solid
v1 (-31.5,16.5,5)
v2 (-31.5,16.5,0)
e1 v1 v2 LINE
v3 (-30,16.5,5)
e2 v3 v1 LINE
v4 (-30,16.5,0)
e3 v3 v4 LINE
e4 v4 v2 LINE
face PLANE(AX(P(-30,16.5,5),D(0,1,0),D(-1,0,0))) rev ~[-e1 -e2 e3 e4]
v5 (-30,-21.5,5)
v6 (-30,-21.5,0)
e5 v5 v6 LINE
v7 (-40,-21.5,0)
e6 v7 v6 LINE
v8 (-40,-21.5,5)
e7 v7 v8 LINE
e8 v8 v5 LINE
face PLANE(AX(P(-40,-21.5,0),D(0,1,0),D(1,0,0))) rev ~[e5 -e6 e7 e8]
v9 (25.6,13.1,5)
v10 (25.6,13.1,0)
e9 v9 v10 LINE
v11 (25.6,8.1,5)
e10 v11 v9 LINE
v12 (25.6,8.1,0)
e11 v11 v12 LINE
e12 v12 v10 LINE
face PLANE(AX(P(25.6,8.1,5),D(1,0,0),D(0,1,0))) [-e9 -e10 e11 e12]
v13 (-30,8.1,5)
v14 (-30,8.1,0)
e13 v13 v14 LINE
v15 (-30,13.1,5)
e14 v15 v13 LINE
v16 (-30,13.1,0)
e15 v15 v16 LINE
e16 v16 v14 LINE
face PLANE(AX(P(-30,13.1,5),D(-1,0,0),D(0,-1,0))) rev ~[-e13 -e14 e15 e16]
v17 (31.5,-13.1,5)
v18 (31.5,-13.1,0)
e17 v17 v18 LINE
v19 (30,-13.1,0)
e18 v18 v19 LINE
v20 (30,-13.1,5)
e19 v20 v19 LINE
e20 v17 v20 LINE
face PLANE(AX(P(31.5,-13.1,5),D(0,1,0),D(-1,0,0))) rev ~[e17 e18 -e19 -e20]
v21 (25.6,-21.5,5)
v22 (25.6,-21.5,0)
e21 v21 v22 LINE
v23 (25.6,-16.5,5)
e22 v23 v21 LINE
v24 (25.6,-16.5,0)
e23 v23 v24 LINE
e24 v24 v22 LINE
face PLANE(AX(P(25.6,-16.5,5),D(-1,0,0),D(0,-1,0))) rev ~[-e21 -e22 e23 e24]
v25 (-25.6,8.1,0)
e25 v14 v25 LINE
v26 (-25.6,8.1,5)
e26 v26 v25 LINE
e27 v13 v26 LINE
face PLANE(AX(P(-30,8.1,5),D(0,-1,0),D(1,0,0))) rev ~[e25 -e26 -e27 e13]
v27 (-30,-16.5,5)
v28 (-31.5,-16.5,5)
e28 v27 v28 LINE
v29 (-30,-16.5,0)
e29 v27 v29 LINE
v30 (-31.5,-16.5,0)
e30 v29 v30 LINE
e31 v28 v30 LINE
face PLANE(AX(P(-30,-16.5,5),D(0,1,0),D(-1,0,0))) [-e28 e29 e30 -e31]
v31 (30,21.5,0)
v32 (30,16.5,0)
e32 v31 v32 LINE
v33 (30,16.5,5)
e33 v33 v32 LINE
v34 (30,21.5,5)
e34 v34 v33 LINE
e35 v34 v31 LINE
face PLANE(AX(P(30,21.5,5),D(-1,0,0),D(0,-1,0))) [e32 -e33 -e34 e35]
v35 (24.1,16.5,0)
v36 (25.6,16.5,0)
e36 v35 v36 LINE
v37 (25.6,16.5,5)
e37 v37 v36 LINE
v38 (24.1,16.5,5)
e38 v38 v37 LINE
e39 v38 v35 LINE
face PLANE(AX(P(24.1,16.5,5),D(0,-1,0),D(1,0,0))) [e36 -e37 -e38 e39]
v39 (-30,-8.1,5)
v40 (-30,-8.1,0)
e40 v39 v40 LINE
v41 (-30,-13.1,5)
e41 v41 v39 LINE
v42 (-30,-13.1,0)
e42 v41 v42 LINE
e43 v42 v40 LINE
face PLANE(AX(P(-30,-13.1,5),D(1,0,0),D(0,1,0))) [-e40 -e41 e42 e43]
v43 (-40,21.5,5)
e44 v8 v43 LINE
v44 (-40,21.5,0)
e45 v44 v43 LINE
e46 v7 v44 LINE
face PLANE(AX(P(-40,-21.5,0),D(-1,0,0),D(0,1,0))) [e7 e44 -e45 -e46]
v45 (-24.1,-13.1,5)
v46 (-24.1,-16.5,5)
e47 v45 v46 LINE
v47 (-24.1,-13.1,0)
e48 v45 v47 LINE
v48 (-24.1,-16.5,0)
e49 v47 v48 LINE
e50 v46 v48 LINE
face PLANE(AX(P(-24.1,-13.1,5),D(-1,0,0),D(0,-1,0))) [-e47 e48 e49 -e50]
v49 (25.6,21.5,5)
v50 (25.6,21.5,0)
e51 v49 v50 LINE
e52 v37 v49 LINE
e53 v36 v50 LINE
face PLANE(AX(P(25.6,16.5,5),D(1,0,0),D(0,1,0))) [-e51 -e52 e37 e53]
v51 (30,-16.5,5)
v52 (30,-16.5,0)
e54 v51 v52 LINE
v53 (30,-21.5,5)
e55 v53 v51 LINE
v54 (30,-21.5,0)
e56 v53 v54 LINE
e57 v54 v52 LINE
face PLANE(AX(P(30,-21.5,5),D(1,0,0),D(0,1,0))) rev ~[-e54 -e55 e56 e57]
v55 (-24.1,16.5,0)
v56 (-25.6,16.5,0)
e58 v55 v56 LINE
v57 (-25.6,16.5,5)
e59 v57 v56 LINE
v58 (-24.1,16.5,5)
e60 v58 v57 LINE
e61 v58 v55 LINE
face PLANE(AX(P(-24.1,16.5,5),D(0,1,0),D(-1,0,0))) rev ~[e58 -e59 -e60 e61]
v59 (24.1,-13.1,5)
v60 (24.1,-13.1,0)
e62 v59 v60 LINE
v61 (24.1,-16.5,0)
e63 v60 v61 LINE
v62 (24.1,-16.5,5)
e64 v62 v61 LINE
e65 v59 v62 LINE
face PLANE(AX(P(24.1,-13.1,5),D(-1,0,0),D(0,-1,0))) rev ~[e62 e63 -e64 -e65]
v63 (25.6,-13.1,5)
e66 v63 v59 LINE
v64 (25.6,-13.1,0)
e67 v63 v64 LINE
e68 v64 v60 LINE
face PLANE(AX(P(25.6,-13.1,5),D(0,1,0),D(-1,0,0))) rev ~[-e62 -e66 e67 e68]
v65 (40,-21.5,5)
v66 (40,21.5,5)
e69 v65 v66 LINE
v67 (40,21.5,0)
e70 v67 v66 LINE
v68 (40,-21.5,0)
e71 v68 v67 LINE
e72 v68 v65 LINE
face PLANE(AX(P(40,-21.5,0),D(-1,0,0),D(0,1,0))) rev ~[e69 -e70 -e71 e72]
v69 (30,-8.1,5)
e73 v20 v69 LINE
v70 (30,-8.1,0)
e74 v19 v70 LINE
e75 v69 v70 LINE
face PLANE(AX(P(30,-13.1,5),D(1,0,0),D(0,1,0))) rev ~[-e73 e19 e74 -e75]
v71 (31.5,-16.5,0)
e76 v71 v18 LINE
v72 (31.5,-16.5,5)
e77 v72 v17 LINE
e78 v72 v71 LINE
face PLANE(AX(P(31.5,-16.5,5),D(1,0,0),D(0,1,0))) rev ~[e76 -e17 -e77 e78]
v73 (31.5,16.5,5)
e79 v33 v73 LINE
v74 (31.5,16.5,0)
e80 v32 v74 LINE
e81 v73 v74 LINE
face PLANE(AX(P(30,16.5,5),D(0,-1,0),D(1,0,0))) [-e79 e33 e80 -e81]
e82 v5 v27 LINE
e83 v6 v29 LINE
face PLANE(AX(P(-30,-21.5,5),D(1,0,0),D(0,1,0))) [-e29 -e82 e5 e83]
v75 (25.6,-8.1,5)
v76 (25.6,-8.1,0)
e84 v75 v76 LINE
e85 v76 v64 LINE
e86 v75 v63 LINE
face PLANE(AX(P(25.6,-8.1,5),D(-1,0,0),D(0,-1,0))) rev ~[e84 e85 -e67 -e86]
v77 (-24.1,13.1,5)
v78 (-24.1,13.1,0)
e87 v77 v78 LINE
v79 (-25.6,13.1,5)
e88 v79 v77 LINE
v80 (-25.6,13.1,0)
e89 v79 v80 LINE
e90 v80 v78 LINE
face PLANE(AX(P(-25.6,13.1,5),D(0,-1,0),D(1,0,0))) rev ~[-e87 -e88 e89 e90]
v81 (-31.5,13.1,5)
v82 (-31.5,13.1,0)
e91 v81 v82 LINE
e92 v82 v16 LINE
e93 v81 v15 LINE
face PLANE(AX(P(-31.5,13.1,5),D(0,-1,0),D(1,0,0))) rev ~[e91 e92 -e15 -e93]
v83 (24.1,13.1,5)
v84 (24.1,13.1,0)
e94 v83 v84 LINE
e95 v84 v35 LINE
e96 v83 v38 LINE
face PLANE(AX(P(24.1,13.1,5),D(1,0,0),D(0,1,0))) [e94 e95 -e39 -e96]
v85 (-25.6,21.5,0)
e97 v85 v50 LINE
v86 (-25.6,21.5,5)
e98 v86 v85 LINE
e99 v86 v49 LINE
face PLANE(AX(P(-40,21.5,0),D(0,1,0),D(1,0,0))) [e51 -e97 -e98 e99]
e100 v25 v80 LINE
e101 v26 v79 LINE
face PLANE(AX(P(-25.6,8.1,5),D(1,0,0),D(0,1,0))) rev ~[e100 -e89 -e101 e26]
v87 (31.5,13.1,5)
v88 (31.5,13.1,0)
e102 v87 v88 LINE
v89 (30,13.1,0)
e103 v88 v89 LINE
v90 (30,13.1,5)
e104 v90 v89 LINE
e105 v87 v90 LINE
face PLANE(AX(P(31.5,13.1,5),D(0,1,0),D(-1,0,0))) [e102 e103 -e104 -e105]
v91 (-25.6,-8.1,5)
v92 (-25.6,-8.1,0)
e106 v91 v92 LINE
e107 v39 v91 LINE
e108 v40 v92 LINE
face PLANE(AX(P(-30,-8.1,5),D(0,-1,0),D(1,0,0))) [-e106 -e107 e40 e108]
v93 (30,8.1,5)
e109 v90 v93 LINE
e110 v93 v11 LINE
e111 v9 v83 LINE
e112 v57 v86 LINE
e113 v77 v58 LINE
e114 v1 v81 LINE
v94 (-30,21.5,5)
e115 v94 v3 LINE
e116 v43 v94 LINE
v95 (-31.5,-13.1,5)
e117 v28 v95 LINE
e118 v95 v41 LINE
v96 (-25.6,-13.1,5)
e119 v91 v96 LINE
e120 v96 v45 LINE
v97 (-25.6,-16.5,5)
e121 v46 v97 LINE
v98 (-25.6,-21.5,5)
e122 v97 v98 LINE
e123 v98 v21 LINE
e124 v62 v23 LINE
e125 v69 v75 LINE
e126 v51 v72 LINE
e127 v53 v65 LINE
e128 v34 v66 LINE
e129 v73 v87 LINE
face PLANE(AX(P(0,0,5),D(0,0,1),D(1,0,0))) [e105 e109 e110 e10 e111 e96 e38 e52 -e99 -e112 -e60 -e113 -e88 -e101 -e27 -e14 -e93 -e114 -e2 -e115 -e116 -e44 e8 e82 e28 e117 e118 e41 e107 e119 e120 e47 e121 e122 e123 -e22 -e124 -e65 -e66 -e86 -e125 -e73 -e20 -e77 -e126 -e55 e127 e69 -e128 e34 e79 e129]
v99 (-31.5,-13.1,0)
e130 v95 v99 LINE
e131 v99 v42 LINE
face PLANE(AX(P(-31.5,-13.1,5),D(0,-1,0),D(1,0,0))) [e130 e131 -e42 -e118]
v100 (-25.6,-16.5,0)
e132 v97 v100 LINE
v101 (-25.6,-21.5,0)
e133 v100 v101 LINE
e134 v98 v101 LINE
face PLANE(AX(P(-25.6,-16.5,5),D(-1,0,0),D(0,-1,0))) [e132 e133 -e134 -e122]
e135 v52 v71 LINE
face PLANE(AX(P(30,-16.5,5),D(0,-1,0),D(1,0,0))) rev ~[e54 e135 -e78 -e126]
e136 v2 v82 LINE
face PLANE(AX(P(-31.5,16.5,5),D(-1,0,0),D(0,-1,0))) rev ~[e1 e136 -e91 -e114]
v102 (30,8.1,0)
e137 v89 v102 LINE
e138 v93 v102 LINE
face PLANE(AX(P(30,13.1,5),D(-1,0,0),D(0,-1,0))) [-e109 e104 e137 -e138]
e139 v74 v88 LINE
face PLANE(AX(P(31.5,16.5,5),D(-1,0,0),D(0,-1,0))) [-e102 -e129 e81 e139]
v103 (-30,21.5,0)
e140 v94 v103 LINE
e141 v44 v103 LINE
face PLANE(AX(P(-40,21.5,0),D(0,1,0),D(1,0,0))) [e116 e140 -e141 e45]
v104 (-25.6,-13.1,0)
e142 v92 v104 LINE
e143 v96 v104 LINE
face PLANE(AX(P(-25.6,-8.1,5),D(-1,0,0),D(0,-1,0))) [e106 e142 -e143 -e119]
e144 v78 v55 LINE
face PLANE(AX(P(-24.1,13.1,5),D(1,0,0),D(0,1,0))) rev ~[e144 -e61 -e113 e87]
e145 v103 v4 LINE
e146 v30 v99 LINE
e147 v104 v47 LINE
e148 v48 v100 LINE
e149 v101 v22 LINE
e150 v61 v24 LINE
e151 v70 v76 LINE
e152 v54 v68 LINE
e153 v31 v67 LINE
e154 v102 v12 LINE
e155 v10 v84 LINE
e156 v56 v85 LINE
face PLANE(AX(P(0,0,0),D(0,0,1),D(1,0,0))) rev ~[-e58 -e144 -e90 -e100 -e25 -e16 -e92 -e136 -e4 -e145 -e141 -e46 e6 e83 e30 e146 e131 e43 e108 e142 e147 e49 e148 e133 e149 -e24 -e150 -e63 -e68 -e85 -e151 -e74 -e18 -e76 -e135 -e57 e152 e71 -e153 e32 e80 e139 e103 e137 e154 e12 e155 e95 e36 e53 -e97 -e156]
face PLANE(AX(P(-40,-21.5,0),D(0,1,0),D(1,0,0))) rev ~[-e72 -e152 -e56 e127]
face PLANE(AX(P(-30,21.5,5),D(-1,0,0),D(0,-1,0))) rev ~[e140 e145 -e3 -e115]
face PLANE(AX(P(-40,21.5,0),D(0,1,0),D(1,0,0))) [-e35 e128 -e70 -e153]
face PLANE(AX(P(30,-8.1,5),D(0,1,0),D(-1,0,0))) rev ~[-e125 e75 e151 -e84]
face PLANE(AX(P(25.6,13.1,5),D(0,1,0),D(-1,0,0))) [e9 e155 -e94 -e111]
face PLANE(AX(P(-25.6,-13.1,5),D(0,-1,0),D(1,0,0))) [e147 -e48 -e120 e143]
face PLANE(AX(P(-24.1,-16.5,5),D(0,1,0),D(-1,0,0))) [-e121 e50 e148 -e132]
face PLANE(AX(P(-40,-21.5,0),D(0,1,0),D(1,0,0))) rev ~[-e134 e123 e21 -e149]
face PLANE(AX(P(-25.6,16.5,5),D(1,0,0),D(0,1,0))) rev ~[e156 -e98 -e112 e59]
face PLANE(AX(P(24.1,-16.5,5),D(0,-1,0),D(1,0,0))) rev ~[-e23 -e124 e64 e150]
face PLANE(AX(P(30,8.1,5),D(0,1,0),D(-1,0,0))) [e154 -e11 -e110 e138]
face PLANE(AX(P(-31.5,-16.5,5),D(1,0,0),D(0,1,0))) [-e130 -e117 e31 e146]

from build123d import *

# Parameters (mm, degrees)
SKETCH1_W           = 80
SKETCH1_H           = 43
BOSS_EXTRUDE1_DEPTH = 5
CUT_EXTRUDE1_DEPTH  = 5


with BuildPart() as part:
    # Sketch1 → Boss-Extrude1 (new body)
    with BuildSketch(Plane.XY):
        Rectangle(SKETCH1_W, SKETCH1_H)
    extrude(amount=BOSS_EXTRUDE1_DEPTH)

    # Sketch3 → Cut-Extrude1 (cut)
    with BuildSketch(Plane.XY.offset(5)):
        Polygon((30, -21.5), (30, -16.5), (31.5, -16.5), (31.5, -13.1), (30, -13.1), (30, -8.1), (25.6, -8.1), (25.6, -13.1), (24.1, -13.1), (24.1, -16.5), (25.6, -16.5), (25.6, -21.5), align=None)
        Polygon((-25.6, -21.5), (-30, -21.5), (-30, -16.5), (-31.5, -16.5), (-31.5, -13.1), (-30, -13.1), (-30, -8.1), (-25.6, -8.1), (-25.6, -13.1), (-24.1, -13.1), (-24.1, -16.5), (-25.6, -16.5), align=None)
        Polygon((25.6, 21.5), (30, 21.5), (30, 16.5), (31.5, 16.5), (31.5, 13.1), (30, 13.1), (30, 8.1), (25.6, 8.1), (25.6, 13.1), (24.1, 13.1), (24.1, 16.5), (25.6, 16.5), align=None)
        Polygon((-30, 21.5), (-30, 16.5), (-31.5, 16.5), (-31.5, 13.1), (-30, 13.1), (-30, 8.1), (-25.6, 8.1), (-25.6, 13.1), (-24.1, 13.1), (-24.1, 16.5), (-25.6, 16.5), (-25.6, 21.5), align=None)
    extrude(amount=-CUT_EXTRUDE1_DEPTH, mode=Mode.SUBTRACT)


solid = part.part
